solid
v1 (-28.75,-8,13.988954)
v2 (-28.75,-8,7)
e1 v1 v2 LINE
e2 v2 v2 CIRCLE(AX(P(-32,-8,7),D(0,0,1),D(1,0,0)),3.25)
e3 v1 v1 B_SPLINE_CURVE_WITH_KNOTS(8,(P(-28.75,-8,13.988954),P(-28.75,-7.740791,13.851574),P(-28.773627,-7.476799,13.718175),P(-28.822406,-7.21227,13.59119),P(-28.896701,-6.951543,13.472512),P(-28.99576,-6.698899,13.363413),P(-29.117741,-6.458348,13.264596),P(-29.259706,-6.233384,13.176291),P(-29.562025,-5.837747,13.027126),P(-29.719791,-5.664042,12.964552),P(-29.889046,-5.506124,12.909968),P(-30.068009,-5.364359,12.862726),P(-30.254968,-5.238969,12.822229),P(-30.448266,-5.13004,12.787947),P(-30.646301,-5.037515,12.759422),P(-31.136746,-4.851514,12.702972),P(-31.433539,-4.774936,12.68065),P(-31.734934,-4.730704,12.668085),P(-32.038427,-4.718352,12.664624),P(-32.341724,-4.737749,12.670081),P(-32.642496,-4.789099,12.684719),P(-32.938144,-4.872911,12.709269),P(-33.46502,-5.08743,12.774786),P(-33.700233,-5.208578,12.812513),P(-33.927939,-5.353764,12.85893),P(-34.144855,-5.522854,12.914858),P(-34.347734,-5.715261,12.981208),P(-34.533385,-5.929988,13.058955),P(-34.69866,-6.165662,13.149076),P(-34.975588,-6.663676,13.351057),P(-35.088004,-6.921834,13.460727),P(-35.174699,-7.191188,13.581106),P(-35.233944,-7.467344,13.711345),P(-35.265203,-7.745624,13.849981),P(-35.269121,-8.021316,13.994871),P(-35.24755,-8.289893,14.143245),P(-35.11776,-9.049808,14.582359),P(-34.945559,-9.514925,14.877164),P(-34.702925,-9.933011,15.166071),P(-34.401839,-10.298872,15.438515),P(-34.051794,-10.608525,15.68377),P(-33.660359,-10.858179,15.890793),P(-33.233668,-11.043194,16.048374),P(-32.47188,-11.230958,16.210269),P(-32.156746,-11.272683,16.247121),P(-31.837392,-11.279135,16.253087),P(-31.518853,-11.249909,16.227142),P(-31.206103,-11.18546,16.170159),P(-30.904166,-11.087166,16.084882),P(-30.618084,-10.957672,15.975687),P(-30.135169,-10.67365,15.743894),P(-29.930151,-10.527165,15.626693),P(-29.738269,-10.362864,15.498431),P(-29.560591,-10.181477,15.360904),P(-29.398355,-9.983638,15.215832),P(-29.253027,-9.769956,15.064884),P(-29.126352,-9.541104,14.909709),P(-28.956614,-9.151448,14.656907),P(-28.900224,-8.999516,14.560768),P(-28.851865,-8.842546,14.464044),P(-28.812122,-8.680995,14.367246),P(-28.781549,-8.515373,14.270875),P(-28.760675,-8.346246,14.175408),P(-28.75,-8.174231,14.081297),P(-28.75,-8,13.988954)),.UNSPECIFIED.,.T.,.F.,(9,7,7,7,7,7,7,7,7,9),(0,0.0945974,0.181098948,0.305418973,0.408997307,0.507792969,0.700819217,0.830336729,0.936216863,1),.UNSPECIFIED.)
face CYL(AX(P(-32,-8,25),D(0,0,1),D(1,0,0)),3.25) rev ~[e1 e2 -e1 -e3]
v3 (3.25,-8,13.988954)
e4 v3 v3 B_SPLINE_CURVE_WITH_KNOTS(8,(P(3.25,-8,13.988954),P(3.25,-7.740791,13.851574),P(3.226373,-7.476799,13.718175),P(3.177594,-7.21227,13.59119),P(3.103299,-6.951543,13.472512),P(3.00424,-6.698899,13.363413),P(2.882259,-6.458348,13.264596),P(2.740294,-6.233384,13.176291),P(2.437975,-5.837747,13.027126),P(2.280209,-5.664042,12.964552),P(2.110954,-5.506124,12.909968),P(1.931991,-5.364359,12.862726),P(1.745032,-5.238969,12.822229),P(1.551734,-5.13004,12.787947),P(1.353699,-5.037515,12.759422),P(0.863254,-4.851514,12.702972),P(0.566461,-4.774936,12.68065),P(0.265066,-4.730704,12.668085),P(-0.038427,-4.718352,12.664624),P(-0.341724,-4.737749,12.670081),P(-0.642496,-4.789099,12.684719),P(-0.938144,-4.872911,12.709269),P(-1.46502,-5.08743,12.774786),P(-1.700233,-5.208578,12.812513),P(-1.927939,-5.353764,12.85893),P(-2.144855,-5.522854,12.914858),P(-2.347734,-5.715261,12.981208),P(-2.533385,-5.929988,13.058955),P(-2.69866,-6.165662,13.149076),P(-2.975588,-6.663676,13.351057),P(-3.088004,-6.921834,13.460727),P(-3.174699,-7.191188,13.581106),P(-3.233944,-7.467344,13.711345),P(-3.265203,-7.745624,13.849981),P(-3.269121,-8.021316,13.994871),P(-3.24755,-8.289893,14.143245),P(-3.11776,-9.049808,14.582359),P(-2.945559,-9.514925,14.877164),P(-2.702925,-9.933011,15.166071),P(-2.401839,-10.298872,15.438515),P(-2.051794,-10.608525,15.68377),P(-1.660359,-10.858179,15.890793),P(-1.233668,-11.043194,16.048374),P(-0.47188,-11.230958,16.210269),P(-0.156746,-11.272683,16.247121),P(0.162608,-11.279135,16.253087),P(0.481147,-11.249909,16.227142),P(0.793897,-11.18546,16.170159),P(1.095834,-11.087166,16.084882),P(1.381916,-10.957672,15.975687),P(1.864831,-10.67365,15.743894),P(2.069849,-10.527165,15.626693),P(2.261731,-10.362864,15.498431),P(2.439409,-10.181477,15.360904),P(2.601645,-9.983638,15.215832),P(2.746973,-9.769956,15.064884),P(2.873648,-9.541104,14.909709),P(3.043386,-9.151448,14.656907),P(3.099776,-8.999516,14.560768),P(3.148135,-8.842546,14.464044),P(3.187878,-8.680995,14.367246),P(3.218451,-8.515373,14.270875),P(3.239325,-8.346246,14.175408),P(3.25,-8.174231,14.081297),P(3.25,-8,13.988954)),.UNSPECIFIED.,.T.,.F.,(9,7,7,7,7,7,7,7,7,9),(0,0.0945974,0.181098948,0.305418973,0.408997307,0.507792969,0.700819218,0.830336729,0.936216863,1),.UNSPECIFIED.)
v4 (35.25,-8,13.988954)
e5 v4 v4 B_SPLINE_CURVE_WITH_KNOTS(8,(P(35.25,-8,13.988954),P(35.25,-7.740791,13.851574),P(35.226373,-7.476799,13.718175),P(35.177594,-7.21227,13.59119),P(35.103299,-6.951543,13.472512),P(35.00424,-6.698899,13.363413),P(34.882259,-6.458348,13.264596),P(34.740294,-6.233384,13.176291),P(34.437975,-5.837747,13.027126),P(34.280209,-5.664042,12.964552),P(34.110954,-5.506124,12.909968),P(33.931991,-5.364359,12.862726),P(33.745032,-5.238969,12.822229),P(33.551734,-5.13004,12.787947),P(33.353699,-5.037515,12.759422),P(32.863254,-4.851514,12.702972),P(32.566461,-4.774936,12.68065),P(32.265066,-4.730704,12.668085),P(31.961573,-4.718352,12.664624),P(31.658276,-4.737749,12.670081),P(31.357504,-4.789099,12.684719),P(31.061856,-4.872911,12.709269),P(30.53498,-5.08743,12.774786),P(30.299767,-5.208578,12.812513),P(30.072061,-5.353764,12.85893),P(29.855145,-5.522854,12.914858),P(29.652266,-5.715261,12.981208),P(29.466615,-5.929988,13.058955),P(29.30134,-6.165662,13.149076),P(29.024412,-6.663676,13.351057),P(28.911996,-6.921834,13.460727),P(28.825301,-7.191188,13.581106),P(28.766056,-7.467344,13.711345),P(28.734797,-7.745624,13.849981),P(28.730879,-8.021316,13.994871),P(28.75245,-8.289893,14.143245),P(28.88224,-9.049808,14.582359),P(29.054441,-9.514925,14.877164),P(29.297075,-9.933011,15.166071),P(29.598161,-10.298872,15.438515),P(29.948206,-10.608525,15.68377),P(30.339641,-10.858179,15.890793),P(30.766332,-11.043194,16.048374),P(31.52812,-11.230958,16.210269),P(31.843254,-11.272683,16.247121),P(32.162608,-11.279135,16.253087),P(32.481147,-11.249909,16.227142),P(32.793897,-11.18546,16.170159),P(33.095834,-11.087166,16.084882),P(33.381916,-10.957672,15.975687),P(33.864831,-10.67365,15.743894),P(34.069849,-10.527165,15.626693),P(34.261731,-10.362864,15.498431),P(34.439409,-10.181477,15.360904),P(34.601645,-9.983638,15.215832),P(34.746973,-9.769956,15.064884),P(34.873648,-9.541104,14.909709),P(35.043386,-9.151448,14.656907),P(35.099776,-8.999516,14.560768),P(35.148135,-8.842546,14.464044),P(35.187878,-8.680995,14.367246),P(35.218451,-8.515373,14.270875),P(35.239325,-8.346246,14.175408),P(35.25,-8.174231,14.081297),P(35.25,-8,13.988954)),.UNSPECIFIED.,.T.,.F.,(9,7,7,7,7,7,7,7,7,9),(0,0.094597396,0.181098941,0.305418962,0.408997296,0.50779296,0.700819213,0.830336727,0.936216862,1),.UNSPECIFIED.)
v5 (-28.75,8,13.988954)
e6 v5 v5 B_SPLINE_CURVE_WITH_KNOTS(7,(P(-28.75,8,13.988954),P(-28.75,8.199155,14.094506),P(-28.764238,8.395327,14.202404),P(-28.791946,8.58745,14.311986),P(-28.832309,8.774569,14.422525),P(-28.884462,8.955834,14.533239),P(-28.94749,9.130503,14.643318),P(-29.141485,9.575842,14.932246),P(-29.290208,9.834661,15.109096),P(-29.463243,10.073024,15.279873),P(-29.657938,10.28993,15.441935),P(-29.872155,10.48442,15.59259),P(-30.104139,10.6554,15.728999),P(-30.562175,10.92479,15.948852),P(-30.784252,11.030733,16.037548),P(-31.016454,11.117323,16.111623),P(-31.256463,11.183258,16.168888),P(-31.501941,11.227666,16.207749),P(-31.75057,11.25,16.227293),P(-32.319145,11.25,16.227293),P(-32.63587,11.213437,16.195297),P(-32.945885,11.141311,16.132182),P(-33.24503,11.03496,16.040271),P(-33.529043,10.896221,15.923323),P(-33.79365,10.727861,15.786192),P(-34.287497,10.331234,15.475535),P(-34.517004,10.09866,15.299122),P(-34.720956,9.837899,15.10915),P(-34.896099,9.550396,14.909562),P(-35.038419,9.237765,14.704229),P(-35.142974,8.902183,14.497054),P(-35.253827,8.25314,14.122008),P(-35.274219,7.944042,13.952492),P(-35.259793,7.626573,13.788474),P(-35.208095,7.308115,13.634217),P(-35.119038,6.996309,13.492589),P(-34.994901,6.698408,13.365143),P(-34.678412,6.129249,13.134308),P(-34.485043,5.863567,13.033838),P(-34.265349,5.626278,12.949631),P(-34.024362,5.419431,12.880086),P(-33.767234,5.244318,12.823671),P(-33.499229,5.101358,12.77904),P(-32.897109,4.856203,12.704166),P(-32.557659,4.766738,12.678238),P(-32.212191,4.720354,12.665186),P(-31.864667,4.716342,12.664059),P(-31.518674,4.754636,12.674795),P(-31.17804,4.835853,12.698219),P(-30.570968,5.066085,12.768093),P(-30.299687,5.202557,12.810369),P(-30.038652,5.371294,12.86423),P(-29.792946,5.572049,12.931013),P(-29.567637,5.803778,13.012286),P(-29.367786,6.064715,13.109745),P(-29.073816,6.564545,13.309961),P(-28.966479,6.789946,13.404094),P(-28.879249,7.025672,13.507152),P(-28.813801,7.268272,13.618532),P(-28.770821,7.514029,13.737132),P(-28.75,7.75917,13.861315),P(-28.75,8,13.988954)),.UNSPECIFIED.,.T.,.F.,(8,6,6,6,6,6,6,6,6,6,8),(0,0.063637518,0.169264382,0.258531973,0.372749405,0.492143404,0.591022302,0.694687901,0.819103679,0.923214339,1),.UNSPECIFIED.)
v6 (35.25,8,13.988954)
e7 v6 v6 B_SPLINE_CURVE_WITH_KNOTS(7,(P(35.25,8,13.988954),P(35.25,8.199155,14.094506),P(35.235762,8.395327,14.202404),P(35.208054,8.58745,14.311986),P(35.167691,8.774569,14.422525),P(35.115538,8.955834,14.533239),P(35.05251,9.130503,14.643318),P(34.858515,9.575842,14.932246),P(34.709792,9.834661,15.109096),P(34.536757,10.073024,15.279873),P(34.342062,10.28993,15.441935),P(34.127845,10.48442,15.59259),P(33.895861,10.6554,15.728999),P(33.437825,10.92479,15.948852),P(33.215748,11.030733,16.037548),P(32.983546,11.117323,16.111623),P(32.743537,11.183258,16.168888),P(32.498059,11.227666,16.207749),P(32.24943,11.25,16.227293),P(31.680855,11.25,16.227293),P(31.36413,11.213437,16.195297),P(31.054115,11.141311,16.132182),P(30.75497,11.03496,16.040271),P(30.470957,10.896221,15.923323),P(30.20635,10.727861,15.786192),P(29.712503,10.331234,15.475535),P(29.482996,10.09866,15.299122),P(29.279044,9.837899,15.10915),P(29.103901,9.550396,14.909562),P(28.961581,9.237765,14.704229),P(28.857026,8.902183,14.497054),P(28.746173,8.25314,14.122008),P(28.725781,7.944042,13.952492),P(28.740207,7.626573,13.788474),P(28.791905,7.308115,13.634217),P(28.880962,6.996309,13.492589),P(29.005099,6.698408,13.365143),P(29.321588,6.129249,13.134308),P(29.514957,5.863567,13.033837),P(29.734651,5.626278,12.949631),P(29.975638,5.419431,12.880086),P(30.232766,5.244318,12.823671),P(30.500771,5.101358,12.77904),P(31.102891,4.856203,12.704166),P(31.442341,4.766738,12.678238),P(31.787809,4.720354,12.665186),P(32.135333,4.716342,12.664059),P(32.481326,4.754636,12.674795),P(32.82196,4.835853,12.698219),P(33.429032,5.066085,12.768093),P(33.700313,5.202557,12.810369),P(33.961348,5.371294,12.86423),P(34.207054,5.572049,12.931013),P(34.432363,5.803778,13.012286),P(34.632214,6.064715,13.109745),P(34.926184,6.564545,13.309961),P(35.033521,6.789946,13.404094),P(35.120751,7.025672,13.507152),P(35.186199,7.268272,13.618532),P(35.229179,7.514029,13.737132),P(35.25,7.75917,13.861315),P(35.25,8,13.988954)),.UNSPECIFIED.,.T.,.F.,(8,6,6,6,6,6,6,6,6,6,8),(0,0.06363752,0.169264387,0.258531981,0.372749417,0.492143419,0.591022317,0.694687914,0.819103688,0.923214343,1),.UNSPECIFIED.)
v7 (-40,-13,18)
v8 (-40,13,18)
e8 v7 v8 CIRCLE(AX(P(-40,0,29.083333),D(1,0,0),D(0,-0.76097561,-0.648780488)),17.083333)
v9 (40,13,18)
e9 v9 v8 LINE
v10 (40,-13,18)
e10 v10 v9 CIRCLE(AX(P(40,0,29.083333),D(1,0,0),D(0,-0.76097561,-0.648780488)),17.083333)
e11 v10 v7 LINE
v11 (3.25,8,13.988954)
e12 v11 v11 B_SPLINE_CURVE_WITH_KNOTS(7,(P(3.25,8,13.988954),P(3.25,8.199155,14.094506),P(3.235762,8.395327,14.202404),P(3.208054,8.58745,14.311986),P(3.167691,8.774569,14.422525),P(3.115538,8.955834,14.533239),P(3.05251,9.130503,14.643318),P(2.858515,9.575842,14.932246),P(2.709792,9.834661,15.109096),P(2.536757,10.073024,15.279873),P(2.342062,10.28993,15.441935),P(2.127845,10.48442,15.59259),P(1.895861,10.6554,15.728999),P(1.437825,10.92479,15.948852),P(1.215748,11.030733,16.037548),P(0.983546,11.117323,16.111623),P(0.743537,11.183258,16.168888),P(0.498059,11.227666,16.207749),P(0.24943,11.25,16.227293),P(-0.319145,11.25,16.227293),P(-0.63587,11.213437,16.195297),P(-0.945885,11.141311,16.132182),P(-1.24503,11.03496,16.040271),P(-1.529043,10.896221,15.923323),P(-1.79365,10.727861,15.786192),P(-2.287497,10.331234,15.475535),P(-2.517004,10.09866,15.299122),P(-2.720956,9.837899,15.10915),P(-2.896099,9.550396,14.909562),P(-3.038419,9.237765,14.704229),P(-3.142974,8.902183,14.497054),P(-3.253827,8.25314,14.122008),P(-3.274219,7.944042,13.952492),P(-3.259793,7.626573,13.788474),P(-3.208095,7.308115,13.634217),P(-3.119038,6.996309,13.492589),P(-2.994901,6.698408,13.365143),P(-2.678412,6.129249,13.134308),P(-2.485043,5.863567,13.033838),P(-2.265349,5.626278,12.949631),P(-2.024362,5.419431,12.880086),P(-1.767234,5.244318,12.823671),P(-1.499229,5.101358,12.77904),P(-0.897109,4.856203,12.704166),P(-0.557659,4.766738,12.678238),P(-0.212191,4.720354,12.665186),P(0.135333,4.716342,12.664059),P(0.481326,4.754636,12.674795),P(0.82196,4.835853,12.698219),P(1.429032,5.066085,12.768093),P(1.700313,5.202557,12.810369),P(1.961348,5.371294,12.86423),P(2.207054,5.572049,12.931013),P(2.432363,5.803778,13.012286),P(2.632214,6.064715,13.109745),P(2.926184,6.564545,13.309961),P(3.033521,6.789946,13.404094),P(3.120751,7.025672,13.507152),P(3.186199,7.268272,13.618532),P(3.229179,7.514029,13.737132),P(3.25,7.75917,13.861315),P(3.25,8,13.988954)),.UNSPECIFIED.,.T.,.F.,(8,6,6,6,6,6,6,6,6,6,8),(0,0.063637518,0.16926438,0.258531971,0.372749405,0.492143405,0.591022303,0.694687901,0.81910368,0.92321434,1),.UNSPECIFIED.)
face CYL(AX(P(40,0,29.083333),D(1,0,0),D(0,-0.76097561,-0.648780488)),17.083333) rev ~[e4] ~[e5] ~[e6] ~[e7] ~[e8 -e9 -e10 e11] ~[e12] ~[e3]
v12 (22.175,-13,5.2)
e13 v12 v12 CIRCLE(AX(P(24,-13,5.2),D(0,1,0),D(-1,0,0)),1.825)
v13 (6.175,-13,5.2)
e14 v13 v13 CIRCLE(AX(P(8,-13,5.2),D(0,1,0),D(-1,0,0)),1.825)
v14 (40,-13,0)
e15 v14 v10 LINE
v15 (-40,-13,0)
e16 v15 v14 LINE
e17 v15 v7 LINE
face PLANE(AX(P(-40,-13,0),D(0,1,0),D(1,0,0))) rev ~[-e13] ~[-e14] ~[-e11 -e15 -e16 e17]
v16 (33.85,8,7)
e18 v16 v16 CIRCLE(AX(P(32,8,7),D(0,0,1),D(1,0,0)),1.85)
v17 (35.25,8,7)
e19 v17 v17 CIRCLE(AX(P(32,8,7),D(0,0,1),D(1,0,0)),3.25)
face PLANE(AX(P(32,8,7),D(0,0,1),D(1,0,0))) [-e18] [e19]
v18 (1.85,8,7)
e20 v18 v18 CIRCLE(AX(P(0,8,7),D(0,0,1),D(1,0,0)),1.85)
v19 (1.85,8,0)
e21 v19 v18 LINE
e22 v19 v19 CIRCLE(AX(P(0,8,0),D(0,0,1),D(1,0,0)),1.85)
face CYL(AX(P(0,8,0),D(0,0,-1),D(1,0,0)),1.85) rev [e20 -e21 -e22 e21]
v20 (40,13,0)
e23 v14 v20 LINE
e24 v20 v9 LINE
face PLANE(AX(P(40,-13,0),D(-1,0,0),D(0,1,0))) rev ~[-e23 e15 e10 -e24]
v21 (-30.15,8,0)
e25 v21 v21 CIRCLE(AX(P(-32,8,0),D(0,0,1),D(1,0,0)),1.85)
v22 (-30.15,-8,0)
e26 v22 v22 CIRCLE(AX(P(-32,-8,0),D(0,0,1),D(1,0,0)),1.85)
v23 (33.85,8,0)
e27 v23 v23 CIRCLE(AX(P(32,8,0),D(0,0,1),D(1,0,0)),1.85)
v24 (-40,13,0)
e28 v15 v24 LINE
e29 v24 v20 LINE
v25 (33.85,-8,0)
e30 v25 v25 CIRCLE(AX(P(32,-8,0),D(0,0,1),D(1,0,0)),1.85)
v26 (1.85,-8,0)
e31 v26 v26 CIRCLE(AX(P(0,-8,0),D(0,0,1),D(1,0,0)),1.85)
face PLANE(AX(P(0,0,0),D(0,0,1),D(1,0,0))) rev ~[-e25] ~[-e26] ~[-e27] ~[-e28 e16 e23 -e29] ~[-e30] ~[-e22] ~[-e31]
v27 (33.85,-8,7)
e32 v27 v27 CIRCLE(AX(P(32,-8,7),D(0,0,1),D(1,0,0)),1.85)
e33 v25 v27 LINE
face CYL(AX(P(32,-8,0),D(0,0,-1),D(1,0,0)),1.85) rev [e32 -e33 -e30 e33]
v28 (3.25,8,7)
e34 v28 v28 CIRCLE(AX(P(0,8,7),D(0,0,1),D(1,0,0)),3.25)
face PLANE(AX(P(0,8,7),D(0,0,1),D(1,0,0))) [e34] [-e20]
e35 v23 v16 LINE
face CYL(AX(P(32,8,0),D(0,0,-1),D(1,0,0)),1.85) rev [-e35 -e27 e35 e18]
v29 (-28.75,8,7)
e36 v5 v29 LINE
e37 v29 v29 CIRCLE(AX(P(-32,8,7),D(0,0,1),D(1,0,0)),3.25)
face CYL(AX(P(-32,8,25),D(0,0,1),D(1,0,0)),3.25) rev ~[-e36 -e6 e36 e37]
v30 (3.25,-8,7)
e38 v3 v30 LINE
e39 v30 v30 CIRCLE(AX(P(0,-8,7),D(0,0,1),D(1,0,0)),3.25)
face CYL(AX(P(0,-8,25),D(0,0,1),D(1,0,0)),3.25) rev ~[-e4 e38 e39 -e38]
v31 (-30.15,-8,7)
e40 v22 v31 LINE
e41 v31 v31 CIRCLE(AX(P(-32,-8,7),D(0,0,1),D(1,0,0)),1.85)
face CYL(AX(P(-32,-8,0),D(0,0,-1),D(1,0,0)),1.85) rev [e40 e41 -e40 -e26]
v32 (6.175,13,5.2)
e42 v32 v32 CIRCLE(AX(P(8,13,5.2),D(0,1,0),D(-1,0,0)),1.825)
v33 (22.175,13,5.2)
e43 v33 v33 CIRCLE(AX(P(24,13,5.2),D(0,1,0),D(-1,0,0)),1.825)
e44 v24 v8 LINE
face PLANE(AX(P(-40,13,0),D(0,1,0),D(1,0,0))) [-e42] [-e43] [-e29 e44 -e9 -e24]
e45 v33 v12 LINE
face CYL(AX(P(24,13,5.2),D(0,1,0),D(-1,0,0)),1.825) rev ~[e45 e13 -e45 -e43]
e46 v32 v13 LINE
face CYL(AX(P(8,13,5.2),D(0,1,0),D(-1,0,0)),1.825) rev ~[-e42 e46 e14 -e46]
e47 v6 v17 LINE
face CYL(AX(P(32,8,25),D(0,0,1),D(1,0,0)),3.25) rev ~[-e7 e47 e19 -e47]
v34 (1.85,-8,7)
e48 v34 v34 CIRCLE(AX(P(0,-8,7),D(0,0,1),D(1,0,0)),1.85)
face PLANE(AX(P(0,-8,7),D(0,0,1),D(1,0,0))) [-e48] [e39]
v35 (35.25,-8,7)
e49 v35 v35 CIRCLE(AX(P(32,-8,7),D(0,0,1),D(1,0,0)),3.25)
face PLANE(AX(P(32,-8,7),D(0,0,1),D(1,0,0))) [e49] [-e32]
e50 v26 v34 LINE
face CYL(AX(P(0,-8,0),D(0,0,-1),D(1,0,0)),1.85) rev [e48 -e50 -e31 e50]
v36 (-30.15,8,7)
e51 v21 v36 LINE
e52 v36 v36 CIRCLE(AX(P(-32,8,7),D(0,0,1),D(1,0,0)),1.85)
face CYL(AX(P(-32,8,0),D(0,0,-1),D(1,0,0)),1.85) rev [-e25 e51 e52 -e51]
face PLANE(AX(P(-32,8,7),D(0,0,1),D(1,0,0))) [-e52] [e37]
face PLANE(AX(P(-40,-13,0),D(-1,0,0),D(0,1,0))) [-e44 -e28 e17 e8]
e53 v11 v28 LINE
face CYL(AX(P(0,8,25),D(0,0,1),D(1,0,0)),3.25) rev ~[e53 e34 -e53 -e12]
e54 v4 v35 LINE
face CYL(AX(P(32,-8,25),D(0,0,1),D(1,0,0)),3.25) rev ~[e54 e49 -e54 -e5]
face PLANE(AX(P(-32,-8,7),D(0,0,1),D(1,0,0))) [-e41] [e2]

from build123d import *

# Parameters (mm, degrees)
F0_W     = 80
F0_H     = 26
F0_R     = 1.85
F1_DEPTH = 25
F3_R     = 3.25
F3_R_2   = 1.85
F4_DEPTH = 18
F5_DEPTH = 100
F6_R     = 1.825
F7_DEPTH = 90


with BuildPart() as f1:
    # F0 (on Top) → F1 (new body)
    with BuildSketch(Plane.XY):
        Rectangle(F0_W, F0_H)
        with Locations((-32, -8)):
            Circle(F0_R, mode=Mode.SUBTRACT)
        with Locations((0, -8)):
            Circle(F0_R, mode=Mode.SUBTRACT)
        with Locations((32, -8)):
            Circle(F0_R, mode=Mode.SUBTRACT)
        with Locations((-32, 8)):
            Circle(F0_R, mode=Mode.SUBTRACT)
        with Locations((0, 8)):
            Circle(F0_R, mode=Mode.SUBTRACT)
        with Locations((32, 8)):
            Circle(F0_R, mode=Mode.SUBTRACT)
    extrude(amount=F1_DEPTH)

    # F3 (on face) → F4 (cut)
    with BuildSketch(Plane.XY.offset(25)):
        with Locations((-32, -8)):
            Circle(F3_R)
        with Locations((-32, -8)):
            Circle(F3_R_2, mode=Mode.SUBTRACT)
        with Locations((-32, 8)):
            Circle(F3_R)
        with Locations((-32, 8)):
            Circle(F3_R_2, mode=Mode.SUBTRACT)
        with Locations((0, 8)):
            Circle(F3_R)
        with Locations((0, 8)):
            Circle(F3_R_2, mode=Mode.SUBTRACT)
        with Locations((0, -8)):
            Circle(F3_R)
        with Locations((0, -8)):
            Circle(F3_R_2, mode=Mode.SUBTRACT)
        with Locations((32, 8)):
            Circle(F3_R)
        with Locations((32, 8)):
            Circle(F3_R_2, mode=Mode.SUBTRACT)
        with Locations((32, -8)):
            Circle(F3_R)
        with Locations((32, -8)):
            Circle(F3_R_2, mode=Mode.SUBTRACT)
    extrude(amount=-F4_DEPTH, mode=Mode.SUBTRACT)

    # F2 (on face) → F5 (cut)
    with BuildSketch(Plane.YZ.offset(40)):
        with BuildLine():
            Line((-13, 25), (-13, 18))
            ThreePointArc((-13, 18), (0, 12), (13, 18))
            Line((13, 18), (13, 25))
            Line((13, 25), (-13, 25))
        make_face()
    extrude(amount=-F5_DEPTH, mode=Mode.SUBTRACT)

    # F6 (on face) → F7 (cut)
    with BuildSketch(Plane(origin=(0, 13, 0), x_dir=(-1, 0, 0), z_dir=(0, 1, 0))):
        with Locations((-24, 5.2)):
            Circle(F6_R)
        with Locations((-8, 5.2)):
            Circle(F6_R)
    extrude(amount=-F7_DEPTH, mode=Mode.SUBTRACT)


solid = f1.part
